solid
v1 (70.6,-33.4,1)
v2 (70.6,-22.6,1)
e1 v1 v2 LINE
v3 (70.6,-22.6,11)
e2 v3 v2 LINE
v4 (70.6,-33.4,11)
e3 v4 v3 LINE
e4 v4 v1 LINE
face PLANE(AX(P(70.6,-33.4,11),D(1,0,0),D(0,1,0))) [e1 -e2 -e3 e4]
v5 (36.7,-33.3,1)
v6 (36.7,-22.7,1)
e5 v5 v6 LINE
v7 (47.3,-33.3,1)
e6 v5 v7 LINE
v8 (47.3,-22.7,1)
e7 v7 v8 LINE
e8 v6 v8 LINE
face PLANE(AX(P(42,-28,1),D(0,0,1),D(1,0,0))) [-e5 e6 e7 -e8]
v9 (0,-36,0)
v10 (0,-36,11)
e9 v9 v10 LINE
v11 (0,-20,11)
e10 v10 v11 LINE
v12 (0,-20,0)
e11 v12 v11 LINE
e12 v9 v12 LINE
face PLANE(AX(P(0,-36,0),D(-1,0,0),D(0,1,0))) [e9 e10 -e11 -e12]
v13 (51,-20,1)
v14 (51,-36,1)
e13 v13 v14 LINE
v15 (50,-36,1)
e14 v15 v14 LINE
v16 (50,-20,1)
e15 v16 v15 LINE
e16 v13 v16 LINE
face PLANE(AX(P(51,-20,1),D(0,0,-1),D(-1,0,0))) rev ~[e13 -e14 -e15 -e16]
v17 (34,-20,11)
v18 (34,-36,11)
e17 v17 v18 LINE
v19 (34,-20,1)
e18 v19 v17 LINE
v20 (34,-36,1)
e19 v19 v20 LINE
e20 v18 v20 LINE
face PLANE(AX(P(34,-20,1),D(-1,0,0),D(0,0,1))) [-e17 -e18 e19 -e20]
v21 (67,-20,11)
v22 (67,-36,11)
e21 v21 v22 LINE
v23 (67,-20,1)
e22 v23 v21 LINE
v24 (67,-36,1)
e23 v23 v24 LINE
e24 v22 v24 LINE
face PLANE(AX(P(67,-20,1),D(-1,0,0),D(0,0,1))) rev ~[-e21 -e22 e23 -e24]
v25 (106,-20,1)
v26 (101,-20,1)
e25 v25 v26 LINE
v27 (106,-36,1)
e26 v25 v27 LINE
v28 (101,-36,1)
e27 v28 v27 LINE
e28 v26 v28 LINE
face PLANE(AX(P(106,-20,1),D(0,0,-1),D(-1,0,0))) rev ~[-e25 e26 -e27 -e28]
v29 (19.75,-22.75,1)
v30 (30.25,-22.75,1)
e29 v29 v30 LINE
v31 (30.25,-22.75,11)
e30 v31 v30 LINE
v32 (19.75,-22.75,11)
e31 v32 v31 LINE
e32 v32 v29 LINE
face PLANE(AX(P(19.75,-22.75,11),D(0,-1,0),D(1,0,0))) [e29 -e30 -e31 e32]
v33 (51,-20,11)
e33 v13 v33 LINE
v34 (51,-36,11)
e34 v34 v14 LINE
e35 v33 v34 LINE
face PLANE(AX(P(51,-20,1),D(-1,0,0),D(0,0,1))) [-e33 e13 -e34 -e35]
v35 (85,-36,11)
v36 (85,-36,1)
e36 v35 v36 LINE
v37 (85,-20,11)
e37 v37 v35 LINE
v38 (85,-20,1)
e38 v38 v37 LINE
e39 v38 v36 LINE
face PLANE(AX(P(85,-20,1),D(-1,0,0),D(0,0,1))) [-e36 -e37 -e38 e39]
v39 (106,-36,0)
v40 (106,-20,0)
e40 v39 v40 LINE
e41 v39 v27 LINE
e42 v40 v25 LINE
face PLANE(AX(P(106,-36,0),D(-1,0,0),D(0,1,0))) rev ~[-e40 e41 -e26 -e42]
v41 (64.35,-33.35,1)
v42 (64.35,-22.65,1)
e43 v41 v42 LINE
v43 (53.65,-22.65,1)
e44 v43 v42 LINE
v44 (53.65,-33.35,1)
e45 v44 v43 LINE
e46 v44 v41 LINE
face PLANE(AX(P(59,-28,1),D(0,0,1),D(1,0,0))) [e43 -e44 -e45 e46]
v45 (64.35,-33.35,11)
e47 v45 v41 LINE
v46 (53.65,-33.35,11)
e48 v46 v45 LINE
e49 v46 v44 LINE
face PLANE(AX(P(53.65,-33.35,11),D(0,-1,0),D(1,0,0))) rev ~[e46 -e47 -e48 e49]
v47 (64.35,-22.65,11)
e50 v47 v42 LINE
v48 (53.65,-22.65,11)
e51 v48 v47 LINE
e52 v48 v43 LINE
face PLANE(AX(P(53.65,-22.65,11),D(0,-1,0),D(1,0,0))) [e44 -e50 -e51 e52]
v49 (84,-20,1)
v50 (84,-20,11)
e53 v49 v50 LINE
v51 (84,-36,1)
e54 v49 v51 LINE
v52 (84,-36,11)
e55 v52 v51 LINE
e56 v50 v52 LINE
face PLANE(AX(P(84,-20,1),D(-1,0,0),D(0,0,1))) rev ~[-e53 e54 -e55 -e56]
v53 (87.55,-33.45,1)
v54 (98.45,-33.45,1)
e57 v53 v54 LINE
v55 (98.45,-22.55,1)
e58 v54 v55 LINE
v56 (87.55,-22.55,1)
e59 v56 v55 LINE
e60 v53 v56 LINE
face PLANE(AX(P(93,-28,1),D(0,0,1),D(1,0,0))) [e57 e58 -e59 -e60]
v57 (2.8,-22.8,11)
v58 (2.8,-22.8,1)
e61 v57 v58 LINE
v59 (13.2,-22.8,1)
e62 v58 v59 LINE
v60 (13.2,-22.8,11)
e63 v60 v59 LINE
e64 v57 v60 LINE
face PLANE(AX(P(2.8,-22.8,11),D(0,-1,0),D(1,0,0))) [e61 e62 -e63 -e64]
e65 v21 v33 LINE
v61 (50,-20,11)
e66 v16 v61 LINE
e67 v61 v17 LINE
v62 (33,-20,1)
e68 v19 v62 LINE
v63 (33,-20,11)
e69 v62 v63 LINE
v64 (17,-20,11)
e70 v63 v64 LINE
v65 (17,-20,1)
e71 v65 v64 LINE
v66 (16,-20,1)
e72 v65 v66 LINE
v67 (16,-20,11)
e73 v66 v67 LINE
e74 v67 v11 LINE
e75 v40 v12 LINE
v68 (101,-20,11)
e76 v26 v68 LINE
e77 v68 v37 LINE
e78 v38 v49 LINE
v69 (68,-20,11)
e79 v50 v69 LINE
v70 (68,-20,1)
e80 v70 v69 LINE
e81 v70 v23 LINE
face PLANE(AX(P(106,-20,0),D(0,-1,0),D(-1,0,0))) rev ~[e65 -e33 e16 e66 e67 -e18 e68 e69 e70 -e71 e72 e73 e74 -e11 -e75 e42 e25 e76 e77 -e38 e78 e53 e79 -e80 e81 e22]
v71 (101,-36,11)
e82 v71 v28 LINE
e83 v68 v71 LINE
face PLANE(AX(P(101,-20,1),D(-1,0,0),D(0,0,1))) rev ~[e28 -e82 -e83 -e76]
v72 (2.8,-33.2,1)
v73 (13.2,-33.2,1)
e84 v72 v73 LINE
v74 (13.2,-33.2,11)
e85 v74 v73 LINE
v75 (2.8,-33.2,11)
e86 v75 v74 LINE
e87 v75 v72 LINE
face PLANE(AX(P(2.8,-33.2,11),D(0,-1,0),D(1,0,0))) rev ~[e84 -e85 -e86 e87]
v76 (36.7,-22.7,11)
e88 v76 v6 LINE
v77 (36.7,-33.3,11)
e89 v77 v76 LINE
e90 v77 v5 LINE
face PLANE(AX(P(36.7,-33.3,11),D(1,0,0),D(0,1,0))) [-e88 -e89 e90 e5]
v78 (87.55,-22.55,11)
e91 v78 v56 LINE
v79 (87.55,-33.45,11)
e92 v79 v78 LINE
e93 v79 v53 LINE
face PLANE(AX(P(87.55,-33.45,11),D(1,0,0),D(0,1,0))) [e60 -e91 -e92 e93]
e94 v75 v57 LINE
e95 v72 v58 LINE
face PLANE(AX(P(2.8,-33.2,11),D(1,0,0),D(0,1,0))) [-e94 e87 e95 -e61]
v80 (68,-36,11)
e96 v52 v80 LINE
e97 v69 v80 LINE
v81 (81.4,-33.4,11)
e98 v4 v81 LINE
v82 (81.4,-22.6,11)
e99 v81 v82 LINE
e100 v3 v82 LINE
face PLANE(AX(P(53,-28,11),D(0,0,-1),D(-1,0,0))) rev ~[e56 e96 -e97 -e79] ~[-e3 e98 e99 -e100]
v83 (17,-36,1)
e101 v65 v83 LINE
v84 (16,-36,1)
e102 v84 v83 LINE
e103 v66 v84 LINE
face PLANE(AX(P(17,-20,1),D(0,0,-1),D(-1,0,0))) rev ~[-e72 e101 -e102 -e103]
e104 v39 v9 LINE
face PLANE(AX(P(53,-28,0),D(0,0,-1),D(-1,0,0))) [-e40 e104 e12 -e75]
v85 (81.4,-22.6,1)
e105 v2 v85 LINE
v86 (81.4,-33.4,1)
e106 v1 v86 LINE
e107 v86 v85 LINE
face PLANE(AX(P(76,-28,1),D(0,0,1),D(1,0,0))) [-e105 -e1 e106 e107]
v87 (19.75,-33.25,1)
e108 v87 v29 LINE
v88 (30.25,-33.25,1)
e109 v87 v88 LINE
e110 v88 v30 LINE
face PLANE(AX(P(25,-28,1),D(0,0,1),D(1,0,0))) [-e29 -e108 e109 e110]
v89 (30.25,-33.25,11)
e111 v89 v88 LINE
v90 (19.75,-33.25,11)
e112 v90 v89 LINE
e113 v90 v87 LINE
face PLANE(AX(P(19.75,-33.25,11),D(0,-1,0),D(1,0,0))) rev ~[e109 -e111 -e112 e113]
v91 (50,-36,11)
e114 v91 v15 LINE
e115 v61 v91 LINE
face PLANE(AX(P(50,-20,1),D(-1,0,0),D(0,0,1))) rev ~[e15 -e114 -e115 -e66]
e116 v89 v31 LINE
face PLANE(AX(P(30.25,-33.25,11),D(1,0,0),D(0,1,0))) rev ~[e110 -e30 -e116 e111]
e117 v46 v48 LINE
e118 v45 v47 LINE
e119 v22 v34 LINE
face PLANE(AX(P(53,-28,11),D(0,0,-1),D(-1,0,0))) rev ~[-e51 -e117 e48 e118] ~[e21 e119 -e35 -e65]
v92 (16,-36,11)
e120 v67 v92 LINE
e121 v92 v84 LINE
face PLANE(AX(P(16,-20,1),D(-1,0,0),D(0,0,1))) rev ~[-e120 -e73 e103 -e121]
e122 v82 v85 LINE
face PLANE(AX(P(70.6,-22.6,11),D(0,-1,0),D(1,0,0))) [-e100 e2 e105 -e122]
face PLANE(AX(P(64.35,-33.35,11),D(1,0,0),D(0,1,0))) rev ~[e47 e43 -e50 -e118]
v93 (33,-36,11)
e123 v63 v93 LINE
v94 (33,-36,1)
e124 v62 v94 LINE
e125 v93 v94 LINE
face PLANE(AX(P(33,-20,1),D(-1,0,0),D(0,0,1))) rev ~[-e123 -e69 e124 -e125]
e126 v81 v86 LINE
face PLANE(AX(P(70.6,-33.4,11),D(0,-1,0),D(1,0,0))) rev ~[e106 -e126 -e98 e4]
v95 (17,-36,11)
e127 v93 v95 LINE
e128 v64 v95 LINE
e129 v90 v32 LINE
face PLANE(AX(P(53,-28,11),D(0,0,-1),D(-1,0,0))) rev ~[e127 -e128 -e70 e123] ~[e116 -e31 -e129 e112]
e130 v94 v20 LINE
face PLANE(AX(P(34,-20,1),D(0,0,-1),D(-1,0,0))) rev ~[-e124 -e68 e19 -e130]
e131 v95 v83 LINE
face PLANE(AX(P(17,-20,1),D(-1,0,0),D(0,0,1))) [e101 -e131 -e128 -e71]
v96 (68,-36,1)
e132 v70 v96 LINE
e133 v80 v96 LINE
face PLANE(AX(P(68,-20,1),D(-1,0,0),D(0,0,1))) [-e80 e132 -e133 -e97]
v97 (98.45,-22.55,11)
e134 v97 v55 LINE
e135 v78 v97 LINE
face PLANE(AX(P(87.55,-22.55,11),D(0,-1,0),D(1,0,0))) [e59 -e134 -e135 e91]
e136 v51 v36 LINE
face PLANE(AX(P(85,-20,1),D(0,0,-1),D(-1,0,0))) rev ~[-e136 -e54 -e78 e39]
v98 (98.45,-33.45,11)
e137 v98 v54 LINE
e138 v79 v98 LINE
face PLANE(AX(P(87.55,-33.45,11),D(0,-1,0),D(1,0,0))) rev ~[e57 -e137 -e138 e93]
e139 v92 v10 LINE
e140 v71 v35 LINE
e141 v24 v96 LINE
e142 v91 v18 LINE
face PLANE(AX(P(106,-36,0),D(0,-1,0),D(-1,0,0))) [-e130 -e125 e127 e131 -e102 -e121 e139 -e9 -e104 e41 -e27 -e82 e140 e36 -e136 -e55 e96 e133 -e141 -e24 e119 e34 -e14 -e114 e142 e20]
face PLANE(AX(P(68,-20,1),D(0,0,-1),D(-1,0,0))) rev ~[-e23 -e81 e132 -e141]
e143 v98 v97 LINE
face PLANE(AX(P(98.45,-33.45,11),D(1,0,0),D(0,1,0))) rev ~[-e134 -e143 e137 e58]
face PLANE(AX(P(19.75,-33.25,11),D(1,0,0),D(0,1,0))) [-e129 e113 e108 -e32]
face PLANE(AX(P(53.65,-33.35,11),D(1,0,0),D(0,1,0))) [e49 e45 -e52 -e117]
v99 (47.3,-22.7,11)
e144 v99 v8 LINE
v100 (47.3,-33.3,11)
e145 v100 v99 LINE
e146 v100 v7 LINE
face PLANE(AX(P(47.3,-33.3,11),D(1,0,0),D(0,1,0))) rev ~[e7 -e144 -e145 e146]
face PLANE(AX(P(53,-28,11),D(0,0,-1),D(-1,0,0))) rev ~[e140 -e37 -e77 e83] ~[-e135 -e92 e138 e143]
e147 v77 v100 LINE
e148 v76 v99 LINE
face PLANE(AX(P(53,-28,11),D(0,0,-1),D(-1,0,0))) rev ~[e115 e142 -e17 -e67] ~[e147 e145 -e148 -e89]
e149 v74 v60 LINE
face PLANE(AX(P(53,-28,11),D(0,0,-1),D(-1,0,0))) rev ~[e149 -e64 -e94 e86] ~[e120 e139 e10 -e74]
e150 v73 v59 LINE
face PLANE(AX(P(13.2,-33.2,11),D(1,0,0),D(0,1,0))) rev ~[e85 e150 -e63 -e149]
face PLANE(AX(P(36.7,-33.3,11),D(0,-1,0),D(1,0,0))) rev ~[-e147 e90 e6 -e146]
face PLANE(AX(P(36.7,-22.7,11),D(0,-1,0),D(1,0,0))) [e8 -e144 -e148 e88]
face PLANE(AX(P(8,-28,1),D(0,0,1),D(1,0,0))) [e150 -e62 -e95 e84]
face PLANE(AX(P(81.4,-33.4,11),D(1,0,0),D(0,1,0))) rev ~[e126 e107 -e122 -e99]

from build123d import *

# Parameters (mm, degrees)
SKETCH_1_W           = 106
SKETCH_1_H           = 16
EXTRUDE_1_DEPTH      = 11
SKETCH_2_W           = 5
SKETCH_2_H           = 10
CUT_EXTRUDE_1_DEPTH  = 17
SKETCH_3_W           = 1
SKETCH_3_H           = 10
CUT_EXTRUDE_2_DEPTH  = 17
SKETCH_4_W           = 1
SKETCH_4_H           = 10
CUT_EXTRUDE_3_DEPTH  = 17
SKETCH_5_W           = 1
SKETCH_5_H           = 10
CUT_EXTRUDE_4_DEPTH  = 17
SKETCH_6_W           = 1
SKETCH_6_H           = 10
CUT_EXTRUDE_5_DEPTH  = 17
SKETCH_7_W           = 1
SKETCH_7_H           = 10
CUT_EXTRUDE_6_DEPTH  = 17
SKETCH_8_W           = 10.4
SKETCH_8_H           = 10.4
CUT_EXTRUDE_7_DEPTH  = 10
SKETCH_9_W           = 10.5
SKETCH_9_H           = 10.5
CUT_EXTRUDE_8_DEPTH  = 10
SKETCH_10_W          = 10.6
SKETCH_10_H          = 10.6
CUT_EXTRUDE_9_DEPTH  = 10
SKETCH_11_W          = 10.7
SKETCH_11_H          = 10.7
CUT_EXTRUDE_10_DEPTH = 10
SKETCH_12_W          = 10.8
SKETCH_12_H          = 10.8
CUT_EXTRUDE_11_DEPTH = 10
SKETCH_13_W          = 10.9
SKETCH_13_H          = 10.9
CUT_EXTRUDE_12_DEPTH = 10


with BuildPart() as part:
    # 草图1 → 凸台-拉伸1 (new body)
    with BuildSketch(Plane(origin=(0, 0, 0), x_dir=(-1, 0, 0), z_dir=(0, 0, -1))):
        with Locations((-53, -28)):
            Rectangle(SKETCH_1_W, SKETCH_1_H)
    extrude(amount=-EXTRUDE_1_DEPTH)

    # 草图2 → 切除-拉伸1 (cut, through all)
    with BuildSketch(Plane(origin=(0, -20, 0), x_dir=(-1, 0, 0), z_dir=(0, 1, 0))):
        with Locations((-103.5, 6)):
            Rectangle(SKETCH_2_W, SKETCH_2_H)
    extrude(amount=-CUT_EXTRUDE_1_DEPTH, mode=Mode.SUBTRACT)

    # 草图3 → 切除-拉伸2 (cut, through all)
    with BuildSketch(Plane(origin=(0, -20, 0), x_dir=(-1, 0, 0), z_dir=(0, 1, 0))):
        with Locations((-84.5, 6)):
            Rectangle(SKETCH_3_W, SKETCH_3_H)
    extrude(amount=-CUT_EXTRUDE_2_DEPTH, mode=Mode.SUBTRACT)

    # 草图4 → 切除-拉伸3 (cut, through all)
    with BuildSketch(Plane(origin=(0, -20, 0), x_dir=(-1, 0, 0), z_dir=(0, 1, 0))):
        with Locations((-67.5, 6)):
            Rectangle(SKETCH_4_W, SKETCH_4_H)
    extrude(amount=-CUT_EXTRUDE_3_DEPTH, mode=Mode.SUBTRACT)

    # 草图5 → 切除-拉伸4 (cut, through all)
    with BuildSketch(Plane(origin=(0, -20, 0), x_dir=(-1, 0, 0), z_dir=(0, 1, 0))):
        with Locations((-50.5, 6)):
            Rectangle(SKETCH_5_W, SKETCH_5_H)
    extrude(amount=-CUT_EXTRUDE_4_DEPTH, mode=Mode.SUBTRACT)

    # 草图6 → 切除-拉伸5 (cut, through all)
    with BuildSketch(Plane(origin=(0, -20, 0), x_dir=(-1, 0, 0), z_dir=(0, 1, 0))):
        with Locations((-33.5, 6)):
            Rectangle(SKETCH_6_W, SKETCH_6_H)
    extrude(amount=-CUT_EXTRUDE_5_DEPTH, mode=Mode.SUBTRACT)

    # 草图7 → 切除-拉伸6 (cut, through all)
    with BuildSketch(Plane(origin=(0, -20, 0), x_dir=(-1, 0, 0), z_dir=(0, 1, 0))):
        with Locations((-16.5, 6)):
            Rectangle(SKETCH_7_W, SKETCH_7_H)
    extrude(amount=-CUT_EXTRUDE_6_DEPTH, mode=Mode.SUBTRACT)

    # 草图8 → 切除-拉伸7 (cut)
    with BuildSketch(Plane.XY.offset(11)):
        with Locations((8, -28)):
            Rectangle(SKETCH_8_W, SKETCH_8_H)
    extrude(amount=-CUT_EXTRUDE_7_DEPTH, mode=Mode.SUBTRACT)

    # 草图9 → 切除-拉伸8 (cut)
    with BuildSketch(Plane.XY.offset(11)):
        with Locations((25, -28)):
            Rectangle(SKETCH_9_W, SKETCH_9_H)
    extrude(amount=-CUT_EXTRUDE_8_DEPTH, mode=Mode.SUBTRACT)

    # 草图10 → 切除-拉伸9 (cut)
    with BuildSketch(Plane.XY.offset(11)):
        with Locations((42, -28)):
            Rectangle(SKETCH_10_W, SKETCH_10_H)
    extrude(amount=-CUT_EXTRUDE_9_DEPTH, mode=Mode.SUBTRACT)

    # 草图11 → 切除-拉伸10 (cut)
    with BuildSketch(Plane.XY.offset(11)):
        with Locations((59, -28)):
            Rectangle(SKETCH_11_W, SKETCH_11_H)
    extrude(amount=-CUT_EXTRUDE_10_DEPTH, mode=Mode.SUBTRACT)

    # 草图12 → 切除-拉伸11 (cut)
    with BuildSketch(Plane.XY.offset(11)):
        with Locations((76, -28)):
            Rectangle(SKETCH_12_W, SKETCH_12_H)
    extrude(amount=-CUT_EXTRUDE_11_DEPTH, mode=Mode.SUBTRACT)

    # 草图13 → 切除-拉伸12 (cut)
    with BuildSketch(Plane.XY.offset(11)):
        with Locations((93, -28)):
            Rectangle(SKETCH_13_W, SKETCH_13_H)
    extrude(amount=-CUT_EXTRUDE_12_DEPTH, mode=Mode.SUBTRACT)


solid = part.part
